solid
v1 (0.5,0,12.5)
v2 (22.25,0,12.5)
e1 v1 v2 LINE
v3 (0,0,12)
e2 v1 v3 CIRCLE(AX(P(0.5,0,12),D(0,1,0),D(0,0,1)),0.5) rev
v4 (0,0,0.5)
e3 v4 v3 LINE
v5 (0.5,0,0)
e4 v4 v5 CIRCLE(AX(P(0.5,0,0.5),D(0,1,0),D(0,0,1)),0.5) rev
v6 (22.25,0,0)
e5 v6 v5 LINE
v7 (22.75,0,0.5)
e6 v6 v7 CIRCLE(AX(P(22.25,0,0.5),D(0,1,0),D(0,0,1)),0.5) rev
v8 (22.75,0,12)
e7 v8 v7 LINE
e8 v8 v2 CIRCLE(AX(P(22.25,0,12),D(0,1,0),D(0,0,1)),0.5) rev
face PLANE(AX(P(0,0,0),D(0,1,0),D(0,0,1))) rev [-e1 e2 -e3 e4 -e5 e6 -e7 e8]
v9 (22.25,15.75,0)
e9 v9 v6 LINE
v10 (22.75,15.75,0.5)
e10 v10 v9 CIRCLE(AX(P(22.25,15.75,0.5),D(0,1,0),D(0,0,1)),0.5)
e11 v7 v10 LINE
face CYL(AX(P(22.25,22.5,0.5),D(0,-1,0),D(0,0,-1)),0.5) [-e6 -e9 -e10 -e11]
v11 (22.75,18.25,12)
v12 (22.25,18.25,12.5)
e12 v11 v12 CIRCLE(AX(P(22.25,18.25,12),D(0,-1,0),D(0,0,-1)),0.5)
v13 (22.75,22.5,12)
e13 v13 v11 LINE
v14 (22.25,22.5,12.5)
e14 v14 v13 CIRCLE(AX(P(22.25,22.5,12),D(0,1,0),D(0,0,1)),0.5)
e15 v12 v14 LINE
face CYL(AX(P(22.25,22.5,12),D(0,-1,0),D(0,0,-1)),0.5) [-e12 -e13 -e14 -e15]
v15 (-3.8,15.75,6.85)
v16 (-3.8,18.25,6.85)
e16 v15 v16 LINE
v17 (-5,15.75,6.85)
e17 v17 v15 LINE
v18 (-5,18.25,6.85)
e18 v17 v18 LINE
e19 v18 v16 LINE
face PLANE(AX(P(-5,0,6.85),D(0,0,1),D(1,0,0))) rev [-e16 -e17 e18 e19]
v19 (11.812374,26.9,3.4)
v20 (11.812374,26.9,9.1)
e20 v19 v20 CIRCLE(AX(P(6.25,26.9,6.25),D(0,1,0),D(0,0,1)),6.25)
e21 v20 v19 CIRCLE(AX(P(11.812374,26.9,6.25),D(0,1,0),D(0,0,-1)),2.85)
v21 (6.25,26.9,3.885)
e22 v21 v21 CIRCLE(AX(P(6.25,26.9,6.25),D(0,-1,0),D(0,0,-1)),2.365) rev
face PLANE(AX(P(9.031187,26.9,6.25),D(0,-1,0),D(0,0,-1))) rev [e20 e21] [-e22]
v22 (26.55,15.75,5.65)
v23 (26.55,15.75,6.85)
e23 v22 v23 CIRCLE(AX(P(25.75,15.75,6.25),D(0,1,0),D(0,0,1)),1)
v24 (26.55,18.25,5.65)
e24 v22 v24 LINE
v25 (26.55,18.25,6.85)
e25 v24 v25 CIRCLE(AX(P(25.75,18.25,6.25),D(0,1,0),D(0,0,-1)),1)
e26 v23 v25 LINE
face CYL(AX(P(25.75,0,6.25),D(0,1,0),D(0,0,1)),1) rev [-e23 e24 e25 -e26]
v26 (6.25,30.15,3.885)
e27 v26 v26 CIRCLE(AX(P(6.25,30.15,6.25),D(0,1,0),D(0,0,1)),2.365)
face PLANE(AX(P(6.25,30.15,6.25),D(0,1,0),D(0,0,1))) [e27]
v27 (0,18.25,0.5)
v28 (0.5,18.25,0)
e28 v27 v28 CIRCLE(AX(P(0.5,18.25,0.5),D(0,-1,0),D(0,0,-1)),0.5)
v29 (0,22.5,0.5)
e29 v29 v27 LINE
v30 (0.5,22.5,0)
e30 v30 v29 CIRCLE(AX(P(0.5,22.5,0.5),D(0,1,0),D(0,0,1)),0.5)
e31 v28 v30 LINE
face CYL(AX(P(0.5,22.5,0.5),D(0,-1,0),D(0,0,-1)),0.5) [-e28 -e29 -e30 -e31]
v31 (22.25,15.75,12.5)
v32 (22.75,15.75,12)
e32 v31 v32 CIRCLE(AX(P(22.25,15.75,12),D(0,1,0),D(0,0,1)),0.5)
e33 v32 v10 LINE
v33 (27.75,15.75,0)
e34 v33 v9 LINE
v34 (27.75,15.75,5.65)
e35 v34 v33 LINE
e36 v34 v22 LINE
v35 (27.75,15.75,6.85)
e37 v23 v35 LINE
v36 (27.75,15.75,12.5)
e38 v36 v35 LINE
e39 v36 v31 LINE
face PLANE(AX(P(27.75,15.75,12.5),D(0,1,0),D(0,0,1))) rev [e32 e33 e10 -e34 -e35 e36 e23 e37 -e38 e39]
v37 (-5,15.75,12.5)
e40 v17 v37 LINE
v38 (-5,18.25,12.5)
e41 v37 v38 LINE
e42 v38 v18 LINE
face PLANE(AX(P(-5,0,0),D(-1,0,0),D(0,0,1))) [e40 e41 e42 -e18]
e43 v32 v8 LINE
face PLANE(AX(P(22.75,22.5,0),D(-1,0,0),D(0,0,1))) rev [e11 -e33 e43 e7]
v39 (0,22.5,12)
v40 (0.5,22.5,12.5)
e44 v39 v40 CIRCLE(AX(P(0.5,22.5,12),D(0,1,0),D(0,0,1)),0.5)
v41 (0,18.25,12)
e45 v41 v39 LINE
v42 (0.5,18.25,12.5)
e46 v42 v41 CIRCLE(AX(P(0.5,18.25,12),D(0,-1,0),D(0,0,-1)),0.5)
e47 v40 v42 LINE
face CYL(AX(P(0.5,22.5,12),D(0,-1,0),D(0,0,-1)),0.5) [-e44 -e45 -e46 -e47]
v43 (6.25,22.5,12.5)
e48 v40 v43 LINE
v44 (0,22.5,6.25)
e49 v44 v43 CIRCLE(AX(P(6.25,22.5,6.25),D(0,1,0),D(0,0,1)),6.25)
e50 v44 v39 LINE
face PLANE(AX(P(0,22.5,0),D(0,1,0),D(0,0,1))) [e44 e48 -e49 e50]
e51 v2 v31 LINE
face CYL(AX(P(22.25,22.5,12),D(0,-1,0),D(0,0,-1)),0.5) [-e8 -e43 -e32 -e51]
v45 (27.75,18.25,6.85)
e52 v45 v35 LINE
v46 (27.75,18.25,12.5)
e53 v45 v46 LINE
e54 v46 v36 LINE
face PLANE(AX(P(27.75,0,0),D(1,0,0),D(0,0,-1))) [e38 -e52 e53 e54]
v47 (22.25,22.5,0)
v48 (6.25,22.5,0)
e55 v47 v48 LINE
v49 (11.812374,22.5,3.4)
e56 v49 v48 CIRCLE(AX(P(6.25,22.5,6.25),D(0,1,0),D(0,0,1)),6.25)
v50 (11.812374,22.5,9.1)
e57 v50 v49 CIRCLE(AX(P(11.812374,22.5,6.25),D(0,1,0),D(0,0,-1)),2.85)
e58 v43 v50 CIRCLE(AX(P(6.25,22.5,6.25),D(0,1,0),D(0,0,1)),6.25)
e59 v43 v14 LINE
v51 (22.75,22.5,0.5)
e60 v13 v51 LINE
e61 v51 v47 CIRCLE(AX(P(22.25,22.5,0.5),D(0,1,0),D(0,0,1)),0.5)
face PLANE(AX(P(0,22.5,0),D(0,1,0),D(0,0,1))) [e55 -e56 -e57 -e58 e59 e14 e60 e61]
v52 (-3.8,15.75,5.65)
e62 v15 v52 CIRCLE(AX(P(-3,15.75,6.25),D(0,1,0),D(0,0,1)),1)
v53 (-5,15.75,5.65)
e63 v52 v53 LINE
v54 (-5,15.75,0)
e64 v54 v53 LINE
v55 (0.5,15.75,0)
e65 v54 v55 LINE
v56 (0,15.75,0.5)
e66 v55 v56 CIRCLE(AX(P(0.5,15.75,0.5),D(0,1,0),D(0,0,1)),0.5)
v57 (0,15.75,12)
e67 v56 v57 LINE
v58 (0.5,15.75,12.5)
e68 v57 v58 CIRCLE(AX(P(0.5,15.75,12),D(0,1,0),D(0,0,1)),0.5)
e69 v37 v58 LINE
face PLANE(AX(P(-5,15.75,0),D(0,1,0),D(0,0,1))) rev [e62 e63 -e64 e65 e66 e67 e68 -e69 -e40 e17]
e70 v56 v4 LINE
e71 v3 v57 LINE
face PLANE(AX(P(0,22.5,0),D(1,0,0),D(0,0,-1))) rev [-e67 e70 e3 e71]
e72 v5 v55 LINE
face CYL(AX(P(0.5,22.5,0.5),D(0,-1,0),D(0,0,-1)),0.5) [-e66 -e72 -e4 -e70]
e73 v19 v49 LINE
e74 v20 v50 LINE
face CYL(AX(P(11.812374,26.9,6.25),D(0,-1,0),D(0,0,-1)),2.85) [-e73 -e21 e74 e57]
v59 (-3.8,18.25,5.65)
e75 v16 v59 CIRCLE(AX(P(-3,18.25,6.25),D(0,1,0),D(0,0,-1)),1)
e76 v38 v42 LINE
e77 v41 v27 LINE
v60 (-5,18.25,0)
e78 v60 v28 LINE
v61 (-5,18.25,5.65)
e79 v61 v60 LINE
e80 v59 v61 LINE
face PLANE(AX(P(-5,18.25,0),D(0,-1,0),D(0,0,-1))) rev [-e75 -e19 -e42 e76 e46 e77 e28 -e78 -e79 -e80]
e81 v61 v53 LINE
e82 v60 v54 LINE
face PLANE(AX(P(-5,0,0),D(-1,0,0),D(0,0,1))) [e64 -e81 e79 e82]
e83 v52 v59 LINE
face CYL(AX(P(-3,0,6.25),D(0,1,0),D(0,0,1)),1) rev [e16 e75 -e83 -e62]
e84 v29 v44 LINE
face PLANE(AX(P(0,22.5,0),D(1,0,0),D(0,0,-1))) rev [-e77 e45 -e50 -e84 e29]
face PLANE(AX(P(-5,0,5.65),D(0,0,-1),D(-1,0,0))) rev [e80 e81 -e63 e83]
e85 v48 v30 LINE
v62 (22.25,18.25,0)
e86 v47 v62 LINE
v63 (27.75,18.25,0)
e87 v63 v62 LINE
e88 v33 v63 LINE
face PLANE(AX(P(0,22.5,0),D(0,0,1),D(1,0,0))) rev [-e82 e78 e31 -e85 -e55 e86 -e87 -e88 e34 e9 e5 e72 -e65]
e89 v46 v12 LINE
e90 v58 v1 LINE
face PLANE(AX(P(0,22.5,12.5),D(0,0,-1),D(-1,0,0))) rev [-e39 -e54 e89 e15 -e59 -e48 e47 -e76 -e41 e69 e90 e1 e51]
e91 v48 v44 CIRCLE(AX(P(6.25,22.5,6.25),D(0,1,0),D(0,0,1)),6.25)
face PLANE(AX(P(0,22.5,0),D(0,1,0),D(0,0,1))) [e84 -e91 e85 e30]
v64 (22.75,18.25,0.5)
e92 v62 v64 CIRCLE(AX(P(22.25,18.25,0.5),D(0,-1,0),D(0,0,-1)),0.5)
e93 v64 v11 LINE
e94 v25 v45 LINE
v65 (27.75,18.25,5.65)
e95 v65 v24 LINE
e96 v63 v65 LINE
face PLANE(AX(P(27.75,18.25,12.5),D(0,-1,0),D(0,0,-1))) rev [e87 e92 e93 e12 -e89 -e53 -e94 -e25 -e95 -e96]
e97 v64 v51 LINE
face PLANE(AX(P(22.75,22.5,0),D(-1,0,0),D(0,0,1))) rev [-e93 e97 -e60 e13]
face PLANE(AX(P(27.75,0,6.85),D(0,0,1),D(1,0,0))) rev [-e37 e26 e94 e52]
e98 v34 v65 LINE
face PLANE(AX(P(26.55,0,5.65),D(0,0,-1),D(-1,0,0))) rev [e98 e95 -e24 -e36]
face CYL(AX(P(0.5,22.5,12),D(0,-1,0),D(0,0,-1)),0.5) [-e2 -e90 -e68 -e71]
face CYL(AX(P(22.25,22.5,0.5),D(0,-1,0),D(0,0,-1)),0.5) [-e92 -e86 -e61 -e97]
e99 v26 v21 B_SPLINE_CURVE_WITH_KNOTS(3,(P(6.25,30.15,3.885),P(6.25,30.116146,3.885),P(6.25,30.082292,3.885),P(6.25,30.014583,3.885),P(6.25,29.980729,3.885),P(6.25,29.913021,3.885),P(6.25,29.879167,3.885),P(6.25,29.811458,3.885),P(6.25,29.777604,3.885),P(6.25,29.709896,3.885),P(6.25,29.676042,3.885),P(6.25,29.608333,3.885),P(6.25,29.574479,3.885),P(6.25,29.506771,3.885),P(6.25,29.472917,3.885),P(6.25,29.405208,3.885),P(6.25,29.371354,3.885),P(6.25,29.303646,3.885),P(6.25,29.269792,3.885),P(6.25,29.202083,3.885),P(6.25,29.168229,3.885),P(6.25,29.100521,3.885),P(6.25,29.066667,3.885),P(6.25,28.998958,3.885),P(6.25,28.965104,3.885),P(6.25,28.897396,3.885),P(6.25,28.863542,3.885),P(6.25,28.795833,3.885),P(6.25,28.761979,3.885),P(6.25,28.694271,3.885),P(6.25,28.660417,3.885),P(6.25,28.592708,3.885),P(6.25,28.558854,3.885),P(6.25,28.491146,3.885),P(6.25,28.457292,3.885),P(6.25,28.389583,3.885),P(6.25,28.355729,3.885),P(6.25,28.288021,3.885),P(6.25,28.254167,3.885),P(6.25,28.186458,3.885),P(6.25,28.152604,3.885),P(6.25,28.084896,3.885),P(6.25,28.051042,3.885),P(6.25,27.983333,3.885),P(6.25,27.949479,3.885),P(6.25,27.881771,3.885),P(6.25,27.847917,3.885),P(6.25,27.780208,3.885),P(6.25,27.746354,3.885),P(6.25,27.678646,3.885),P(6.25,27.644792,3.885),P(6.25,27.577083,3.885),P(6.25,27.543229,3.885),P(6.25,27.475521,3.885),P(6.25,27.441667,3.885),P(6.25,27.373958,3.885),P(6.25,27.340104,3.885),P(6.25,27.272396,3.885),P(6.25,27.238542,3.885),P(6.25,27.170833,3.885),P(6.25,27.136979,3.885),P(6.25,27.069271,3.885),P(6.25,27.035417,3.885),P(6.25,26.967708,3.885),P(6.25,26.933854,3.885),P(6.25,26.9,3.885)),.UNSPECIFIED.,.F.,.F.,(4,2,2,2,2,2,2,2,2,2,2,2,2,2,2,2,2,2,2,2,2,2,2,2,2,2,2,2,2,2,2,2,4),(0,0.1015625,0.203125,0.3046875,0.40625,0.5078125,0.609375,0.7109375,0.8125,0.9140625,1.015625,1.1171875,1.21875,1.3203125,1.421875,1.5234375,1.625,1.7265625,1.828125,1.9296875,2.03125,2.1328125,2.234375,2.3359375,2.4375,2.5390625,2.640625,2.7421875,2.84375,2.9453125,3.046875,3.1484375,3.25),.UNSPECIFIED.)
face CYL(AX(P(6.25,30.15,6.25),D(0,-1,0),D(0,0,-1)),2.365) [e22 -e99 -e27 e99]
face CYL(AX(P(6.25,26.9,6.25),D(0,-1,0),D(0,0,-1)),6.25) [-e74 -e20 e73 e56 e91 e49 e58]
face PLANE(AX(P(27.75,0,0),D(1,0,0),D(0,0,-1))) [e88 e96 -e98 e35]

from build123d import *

# Parameters (mm, degrees)
SKETCH1_W           = 22.75
SKETCH1_H           = 12.5
BOSS_EXTRUDE1_DEPTH = 22.5
BOSS_EXTRUDE2_DEPTH = 4.4
SKETCH3_R           = 2.365
BOSS_EXTRUDE3_DEPTH = 3.25
SKETCH4_W           = 12.5
SKETCH4_H           = 2.5
BOSS_EXTRUDE4_DEPTH = 5
SKETCH5_W           = 12.5
SKETCH5_H           = 2.5
BOSS_EXTRUDE5_DEPTH = 5
CUT_EXTRUDE1_DEPTH  = 36.487673916
FILLET1_R           = 0.5


with BuildPart() as part:
    # Sketch1 → Boss-Extrude1 (new body)
    with BuildSketch(Plane(origin=(0, 0, 0), x_dir=(1, 0, 0), z_dir=(0, 1, 0))):
        with Locations((11.375, -6.25)):
            Rectangle(SKETCH1_W, SKETCH1_H)
    extrude(amount=BOSS_EXTRUDE1_DEPTH)

    # Sketch2 → Boss-Extrude2 (add)
    with BuildSketch(Plane(origin=(0, 22.5, 0), x_dir=(1, 0, 0), z_dir=(0, 1, 0))):
        with BuildLine():
            ThreePointArc((11.812373594, -3.4), (0, -6.25), (11.812373594, -9.1))
            ThreePointArc((11.812373594, -9.1), (14.662373594, -6.25), (11.812373594, -3.4))
        make_face()
    extrude(amount=BOSS_EXTRUDE2_DEPTH)

    # Sketch3 → Boss-Extrude3 (add)
    with BuildSketch(Plane(origin=(0, 26.9, 0), x_dir=(1, 0, 0), z_dir=(0, 1, 0))):
        with Locations(Location((6.25, -6.25, 0), (0, 0, 90))):
            Circle(SKETCH3_R)
    extrude(amount=BOSS_EXTRUDE3_DEPTH)

    # Sketch4 → Boss-Extrude4 (add)
    with BuildSketch(Plane(origin=(22.75, 0, 0), x_dir=(0, 0, -1), z_dir=(1, 0, 0))):
        with Locations((-6.25, 17)):
            Rectangle(SKETCH4_W, SKETCH4_H)
    extrude(amount=BOSS_EXTRUDE4_DEPTH)

    # Sketch5 → Boss-Extrude5 (add)
    with BuildSketch(Plane.ZY):
        with Locations((6.25, 17)):
            Rectangle(SKETCH5_W, SKETCH5_H)
    extrude(amount=BOSS_EXTRUDE5_DEPTH)

    # Sketch6 → Cut-Extrude1 (cut, through all)
    with BuildSketch(Plane(origin=(0, 18.25, 0), x_dir=(1, 0, 0), z_dir=(0, 1, 0))):
        with BuildLine():
            Line((27.75, -5.65), (27.75, -6.85))
            Line((27.75, -6.85), (26.55, -6.85))
            ThreePointArc((26.55, -6.85), (24.75, -6.25), (26.55, -5.65))
            Line((26.55, -5.65), (27.75, -5.65))
        make_face()
        with BuildLine():
            Line((-5, -6.85), (-5, -5.65))
            Line((-5, -5.65), (-3.8, -5.65))
            ThreePointArc((-3.8, -5.65), (-2, -6.25), (-3.8, -6.85))
            Line((-3.8, -6.85), (-5, -6.85))
        make_face()
    extrude(amount=-CUT_EXTRUDE1_DEPTH, mode=Mode.SUBTRACT)

    # Fillet1
    fillet1_edges = [part.edges().sort_by_distance(p)[0] for p in [
        (22.75, 7.875, 0),
        (22.75, 7.875, 12.5),
        (0, 7.875, 0),
        (0, 7.875, 12.5),
        (0, 20.375, 0),
        (22.75, 20.375, 0),
        (22.75, 20.375, 12.5),
        (0, 20.375, 12.5),
    ]]
    fillet(fillet1_edges, radius=FILLET1_R)


solid = part.part
